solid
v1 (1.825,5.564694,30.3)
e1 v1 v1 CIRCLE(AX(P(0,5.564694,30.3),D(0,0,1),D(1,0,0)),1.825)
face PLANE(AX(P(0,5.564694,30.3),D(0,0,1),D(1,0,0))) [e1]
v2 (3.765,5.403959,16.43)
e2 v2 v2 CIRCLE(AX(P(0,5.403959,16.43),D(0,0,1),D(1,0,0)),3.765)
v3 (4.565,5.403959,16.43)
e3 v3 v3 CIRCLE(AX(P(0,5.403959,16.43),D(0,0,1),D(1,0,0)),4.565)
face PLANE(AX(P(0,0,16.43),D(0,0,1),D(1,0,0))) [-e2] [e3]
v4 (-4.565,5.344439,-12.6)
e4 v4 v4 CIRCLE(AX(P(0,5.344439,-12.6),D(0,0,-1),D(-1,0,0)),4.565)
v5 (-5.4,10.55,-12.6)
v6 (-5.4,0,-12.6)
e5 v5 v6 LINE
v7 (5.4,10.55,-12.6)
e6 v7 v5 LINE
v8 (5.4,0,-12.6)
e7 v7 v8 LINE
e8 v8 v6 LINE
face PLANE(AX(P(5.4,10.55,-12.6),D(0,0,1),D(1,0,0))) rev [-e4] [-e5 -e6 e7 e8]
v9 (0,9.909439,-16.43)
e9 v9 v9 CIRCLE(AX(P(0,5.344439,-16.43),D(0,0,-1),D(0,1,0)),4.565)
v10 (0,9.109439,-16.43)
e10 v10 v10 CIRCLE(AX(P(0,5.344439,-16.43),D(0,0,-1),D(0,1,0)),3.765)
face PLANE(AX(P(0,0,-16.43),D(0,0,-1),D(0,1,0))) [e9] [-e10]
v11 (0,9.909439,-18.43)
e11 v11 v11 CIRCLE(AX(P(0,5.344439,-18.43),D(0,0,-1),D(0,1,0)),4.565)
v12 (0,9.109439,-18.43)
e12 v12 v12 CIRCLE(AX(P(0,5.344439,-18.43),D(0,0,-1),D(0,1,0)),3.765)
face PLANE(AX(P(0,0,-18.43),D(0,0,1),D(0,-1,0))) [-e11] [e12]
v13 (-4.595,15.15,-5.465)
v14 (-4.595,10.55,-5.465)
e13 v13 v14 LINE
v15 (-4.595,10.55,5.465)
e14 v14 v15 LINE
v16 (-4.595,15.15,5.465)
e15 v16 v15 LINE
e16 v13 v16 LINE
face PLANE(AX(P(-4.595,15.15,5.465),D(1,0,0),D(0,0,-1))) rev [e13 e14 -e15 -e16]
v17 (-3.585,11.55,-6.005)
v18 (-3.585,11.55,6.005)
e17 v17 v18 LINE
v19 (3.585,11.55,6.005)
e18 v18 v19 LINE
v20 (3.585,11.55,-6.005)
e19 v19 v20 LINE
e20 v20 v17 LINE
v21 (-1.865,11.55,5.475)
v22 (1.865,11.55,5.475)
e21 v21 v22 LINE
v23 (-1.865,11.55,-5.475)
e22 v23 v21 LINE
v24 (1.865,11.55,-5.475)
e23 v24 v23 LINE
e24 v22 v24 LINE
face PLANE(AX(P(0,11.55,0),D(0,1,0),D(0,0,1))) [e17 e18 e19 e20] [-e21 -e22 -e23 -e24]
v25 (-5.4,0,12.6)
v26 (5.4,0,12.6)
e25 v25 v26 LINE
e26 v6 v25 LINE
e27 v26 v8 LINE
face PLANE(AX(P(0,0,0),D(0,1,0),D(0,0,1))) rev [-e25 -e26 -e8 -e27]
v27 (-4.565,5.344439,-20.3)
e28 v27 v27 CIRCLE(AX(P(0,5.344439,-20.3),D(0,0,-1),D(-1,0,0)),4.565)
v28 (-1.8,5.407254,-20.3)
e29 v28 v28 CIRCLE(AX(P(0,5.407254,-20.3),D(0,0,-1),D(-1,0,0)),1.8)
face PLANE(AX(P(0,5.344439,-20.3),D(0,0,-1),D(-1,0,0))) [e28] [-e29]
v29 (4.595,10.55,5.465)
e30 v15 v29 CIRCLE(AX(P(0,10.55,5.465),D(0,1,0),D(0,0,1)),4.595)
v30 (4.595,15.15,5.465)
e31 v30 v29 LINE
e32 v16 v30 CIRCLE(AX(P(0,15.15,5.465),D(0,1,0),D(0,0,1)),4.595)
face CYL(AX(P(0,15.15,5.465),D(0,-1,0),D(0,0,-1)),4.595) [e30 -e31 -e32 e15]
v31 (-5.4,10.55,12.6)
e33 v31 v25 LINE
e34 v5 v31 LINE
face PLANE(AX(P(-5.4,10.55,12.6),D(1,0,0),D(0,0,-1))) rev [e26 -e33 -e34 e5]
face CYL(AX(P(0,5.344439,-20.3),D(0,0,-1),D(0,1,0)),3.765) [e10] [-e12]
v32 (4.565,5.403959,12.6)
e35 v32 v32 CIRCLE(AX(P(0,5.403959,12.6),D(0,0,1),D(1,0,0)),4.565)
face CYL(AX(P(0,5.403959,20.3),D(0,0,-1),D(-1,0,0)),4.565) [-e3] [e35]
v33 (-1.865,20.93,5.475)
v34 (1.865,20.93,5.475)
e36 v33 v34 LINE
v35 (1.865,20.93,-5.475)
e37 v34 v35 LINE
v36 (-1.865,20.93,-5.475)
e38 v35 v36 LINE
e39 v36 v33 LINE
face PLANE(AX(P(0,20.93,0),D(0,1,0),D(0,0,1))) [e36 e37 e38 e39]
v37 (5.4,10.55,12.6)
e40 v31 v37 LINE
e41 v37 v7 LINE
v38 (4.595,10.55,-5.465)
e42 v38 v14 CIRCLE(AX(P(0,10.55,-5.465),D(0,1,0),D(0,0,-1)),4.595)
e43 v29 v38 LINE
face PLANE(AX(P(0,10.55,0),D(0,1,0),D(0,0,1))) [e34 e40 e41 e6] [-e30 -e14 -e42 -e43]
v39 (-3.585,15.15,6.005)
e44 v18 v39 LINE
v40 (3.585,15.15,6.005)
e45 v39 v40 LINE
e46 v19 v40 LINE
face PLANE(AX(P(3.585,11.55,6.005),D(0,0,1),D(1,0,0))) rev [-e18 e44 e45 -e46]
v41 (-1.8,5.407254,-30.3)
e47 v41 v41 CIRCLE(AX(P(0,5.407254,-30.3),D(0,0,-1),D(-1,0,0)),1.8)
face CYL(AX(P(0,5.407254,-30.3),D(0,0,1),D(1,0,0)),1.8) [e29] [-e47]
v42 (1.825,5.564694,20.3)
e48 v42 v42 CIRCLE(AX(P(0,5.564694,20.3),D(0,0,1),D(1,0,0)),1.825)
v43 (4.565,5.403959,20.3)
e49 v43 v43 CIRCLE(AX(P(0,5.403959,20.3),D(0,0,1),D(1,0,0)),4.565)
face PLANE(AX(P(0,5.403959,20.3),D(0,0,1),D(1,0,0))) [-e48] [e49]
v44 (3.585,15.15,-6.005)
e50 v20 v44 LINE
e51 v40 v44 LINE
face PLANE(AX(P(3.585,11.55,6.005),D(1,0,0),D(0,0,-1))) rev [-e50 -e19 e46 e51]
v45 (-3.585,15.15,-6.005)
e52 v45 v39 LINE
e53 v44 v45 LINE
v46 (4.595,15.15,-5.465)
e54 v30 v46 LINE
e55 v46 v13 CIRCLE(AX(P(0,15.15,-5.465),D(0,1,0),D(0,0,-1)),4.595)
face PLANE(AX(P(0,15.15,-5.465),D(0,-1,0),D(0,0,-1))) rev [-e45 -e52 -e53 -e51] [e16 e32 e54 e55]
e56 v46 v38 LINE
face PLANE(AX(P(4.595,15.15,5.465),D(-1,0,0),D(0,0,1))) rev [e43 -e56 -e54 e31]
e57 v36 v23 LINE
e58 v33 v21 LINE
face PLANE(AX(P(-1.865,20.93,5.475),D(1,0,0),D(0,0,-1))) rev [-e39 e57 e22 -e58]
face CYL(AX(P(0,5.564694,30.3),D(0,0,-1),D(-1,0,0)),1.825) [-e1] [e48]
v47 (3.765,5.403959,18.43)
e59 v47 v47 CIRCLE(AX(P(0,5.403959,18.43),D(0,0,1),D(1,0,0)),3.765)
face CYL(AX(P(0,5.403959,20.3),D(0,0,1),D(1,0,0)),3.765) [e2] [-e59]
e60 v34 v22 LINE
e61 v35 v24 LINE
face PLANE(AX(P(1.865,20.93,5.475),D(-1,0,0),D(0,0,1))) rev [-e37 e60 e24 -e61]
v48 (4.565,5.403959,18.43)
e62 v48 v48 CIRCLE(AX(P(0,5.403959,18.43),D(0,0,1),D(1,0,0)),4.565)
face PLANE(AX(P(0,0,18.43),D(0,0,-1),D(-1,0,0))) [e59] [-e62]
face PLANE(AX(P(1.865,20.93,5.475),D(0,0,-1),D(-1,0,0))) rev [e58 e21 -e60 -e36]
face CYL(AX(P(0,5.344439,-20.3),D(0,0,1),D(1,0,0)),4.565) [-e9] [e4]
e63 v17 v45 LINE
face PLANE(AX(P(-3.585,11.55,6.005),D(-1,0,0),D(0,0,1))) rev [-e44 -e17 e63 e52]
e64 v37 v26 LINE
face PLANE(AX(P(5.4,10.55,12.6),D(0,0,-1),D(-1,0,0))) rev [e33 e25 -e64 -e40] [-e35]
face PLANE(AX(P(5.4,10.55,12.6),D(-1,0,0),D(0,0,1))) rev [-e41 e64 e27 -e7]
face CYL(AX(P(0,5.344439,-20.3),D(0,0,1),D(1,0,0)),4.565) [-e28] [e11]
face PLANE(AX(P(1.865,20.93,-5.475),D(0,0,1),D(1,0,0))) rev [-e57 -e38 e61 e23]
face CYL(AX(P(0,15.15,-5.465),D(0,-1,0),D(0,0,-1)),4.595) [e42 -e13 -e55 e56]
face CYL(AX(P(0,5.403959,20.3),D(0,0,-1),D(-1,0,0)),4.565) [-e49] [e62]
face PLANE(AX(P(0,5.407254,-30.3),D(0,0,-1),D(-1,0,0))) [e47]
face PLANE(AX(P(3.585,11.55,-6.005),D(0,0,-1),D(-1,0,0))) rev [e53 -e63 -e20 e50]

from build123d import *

# Parameters (mm, degrees)
SKETCH1_W           = 10.8
SKETCH1_H           = 25.2
BOSS_EXTRUDE1_DEPTH = 10.55
SKETCH2_R           = 4.565
BOSS_EXTRUDE2_DEPTH = 7.7
SKETCH3_R           = 4.565
BOSS_EXTRUDE3_DEPTH = 7.7
SKETCH4_W           = 2
SKETCH4_H           = 0.8
SKETCH5_W           = 2
SKETCH5_H           = 0.8
BOSS_EXTRUDE4_DEPTH = 4.6
SKETCH7_W           = 7.17
SKETCH7_H           = 12.01
CUT_EXTRUDE1_DEPTH  = 3.6
SKETCH8_W           = 3.73
SKETCH8_H           = 10.95
BOSS_EXTRUDE5_DEPTH = 9.38
SKETCH9_R           = 1.8
BOSS_EXTRUDE6_DEPTH = 10
SKETCH11_R          = 1.825
BOSS_EXTRUDE7_DEPTH = 10


with BuildPart() as part:
    # Sketch1 → Boss-Extrude1 (new body)
    with BuildSketch(Plane(origin=(0, 0, 0), x_dir=(1, 0, 0), z_dir=(0, 1, 0))):
        Rectangle(SKETCH1_W, SKETCH1_H)
    extrude(amount=BOSS_EXTRUDE1_DEPTH)

    # Sketch2 → Boss-Extrude2 (add)
    with BuildSketch(Plane.XY.offset(12.6)):
        with Locations((0, 5.403958649)):
            Circle(SKETCH2_R)
    extrude(amount=BOSS_EXTRUDE2_DEPTH)

    # Sketch3 → Boss-Extrude3 (add)
    with BuildSketch(Plane(origin=(0, 0, -12.6), x_dir=(-1, 0, 0), z_dir=(0, 0, -1))):
        with Locations((0, 5.344439272)):
            Circle(SKETCH3_R)
    extrude(amount=BOSS_EXTRUDE3_DEPTH)

    # Sketch4 → Cut-Revolve1 (revolve, cut)
    with BuildSketch(Plane(origin=(0, 0, 0), x_dir=(0, 0, -1), z_dir=(1, 0, 0))):
        with Locations((-17.43, 9.568958649)):
            Rectangle(SKETCH4_W, SKETCH4_H)
    revolve(axis=Axis((0, 5.403958649, 20.3), (0, 0, -1)), mode=Mode.SUBTRACT)

    # Sketch5 → Cut-Revolve2 (revolve, cut)
    with BuildSketch(Plane(origin=(0, 0, 0), x_dir=(0, 0, -1), z_dir=(1, 0, 0))):
        with Locations((17.43, 9.509439272)):
            Rectangle(SKETCH5_W, SKETCH5_H)
    revolve(axis=Axis((0, 5.344439272, -20.3), (0, 0, 1)), mode=Mode.SUBTRACT)

    # Sketch6 → Boss-Extrude4 (add)
    with BuildSketch(Plane(origin=(0, 10.55, 0), x_dir=(1, 0, 0), z_dir=(0, 1, 0))):
        with BuildLine():
            Line((4.595, -5.465), (4.595, 5.465))
            ThreePointArc((4.595, 5.465), (0, 10.06), (-4.595, 5.465))
            Line((-4.595, 5.465), (-4.595, -5.465))
            ThreePointArc((-4.595, -5.465), (0, -10.06), (4.595, -5.465))
        make_face()
    extrude(amount=BOSS_EXTRUDE4_DEPTH)

    # Sketch7 → Cut-Extrude1 (cut)
    with BuildSketch(Plane(origin=(0, 15.15, 0), x_dir=(1, 0, 0), z_dir=(0, 1, 0))):
        Rectangle(SKETCH7_W, SKETCH7_H)
    extrude(amount=-CUT_EXTRUDE1_DEPTH, mode=Mode.SUBTRACT)

    # Sketch8 → Boss-Extrude5 (add)
    with BuildSketch(Plane(origin=(0, 11.55, 0), x_dir=(1, 0, 0), z_dir=(0, 1, 0))):
        Rectangle(SKETCH8_W, SKETCH8_H)
    extrude(amount=BOSS_EXTRUDE5_DEPTH)

    # Sketch9 → Boss-Extrude6 (add)
    with BuildSketch(Plane(origin=(0, 0, -20.3), x_dir=(-1, 0, 0), z_dir=(0, 0, -1))):
        with Locations((0, 5.407254025)):
            Circle(SKETCH9_R)
    extrude(amount=BOSS_EXTRUDE6_DEPTH)

    # Sketch11 → Boss-Extrude7 (add)
    with BuildSketch(Plane.XY.offset(20.3)):
        with Locations((0, 5.564693588)):
            Circle(SKETCH11_R)
    extrude(amount=BOSS_EXTRUDE7_DEPTH)


solid = part.part
